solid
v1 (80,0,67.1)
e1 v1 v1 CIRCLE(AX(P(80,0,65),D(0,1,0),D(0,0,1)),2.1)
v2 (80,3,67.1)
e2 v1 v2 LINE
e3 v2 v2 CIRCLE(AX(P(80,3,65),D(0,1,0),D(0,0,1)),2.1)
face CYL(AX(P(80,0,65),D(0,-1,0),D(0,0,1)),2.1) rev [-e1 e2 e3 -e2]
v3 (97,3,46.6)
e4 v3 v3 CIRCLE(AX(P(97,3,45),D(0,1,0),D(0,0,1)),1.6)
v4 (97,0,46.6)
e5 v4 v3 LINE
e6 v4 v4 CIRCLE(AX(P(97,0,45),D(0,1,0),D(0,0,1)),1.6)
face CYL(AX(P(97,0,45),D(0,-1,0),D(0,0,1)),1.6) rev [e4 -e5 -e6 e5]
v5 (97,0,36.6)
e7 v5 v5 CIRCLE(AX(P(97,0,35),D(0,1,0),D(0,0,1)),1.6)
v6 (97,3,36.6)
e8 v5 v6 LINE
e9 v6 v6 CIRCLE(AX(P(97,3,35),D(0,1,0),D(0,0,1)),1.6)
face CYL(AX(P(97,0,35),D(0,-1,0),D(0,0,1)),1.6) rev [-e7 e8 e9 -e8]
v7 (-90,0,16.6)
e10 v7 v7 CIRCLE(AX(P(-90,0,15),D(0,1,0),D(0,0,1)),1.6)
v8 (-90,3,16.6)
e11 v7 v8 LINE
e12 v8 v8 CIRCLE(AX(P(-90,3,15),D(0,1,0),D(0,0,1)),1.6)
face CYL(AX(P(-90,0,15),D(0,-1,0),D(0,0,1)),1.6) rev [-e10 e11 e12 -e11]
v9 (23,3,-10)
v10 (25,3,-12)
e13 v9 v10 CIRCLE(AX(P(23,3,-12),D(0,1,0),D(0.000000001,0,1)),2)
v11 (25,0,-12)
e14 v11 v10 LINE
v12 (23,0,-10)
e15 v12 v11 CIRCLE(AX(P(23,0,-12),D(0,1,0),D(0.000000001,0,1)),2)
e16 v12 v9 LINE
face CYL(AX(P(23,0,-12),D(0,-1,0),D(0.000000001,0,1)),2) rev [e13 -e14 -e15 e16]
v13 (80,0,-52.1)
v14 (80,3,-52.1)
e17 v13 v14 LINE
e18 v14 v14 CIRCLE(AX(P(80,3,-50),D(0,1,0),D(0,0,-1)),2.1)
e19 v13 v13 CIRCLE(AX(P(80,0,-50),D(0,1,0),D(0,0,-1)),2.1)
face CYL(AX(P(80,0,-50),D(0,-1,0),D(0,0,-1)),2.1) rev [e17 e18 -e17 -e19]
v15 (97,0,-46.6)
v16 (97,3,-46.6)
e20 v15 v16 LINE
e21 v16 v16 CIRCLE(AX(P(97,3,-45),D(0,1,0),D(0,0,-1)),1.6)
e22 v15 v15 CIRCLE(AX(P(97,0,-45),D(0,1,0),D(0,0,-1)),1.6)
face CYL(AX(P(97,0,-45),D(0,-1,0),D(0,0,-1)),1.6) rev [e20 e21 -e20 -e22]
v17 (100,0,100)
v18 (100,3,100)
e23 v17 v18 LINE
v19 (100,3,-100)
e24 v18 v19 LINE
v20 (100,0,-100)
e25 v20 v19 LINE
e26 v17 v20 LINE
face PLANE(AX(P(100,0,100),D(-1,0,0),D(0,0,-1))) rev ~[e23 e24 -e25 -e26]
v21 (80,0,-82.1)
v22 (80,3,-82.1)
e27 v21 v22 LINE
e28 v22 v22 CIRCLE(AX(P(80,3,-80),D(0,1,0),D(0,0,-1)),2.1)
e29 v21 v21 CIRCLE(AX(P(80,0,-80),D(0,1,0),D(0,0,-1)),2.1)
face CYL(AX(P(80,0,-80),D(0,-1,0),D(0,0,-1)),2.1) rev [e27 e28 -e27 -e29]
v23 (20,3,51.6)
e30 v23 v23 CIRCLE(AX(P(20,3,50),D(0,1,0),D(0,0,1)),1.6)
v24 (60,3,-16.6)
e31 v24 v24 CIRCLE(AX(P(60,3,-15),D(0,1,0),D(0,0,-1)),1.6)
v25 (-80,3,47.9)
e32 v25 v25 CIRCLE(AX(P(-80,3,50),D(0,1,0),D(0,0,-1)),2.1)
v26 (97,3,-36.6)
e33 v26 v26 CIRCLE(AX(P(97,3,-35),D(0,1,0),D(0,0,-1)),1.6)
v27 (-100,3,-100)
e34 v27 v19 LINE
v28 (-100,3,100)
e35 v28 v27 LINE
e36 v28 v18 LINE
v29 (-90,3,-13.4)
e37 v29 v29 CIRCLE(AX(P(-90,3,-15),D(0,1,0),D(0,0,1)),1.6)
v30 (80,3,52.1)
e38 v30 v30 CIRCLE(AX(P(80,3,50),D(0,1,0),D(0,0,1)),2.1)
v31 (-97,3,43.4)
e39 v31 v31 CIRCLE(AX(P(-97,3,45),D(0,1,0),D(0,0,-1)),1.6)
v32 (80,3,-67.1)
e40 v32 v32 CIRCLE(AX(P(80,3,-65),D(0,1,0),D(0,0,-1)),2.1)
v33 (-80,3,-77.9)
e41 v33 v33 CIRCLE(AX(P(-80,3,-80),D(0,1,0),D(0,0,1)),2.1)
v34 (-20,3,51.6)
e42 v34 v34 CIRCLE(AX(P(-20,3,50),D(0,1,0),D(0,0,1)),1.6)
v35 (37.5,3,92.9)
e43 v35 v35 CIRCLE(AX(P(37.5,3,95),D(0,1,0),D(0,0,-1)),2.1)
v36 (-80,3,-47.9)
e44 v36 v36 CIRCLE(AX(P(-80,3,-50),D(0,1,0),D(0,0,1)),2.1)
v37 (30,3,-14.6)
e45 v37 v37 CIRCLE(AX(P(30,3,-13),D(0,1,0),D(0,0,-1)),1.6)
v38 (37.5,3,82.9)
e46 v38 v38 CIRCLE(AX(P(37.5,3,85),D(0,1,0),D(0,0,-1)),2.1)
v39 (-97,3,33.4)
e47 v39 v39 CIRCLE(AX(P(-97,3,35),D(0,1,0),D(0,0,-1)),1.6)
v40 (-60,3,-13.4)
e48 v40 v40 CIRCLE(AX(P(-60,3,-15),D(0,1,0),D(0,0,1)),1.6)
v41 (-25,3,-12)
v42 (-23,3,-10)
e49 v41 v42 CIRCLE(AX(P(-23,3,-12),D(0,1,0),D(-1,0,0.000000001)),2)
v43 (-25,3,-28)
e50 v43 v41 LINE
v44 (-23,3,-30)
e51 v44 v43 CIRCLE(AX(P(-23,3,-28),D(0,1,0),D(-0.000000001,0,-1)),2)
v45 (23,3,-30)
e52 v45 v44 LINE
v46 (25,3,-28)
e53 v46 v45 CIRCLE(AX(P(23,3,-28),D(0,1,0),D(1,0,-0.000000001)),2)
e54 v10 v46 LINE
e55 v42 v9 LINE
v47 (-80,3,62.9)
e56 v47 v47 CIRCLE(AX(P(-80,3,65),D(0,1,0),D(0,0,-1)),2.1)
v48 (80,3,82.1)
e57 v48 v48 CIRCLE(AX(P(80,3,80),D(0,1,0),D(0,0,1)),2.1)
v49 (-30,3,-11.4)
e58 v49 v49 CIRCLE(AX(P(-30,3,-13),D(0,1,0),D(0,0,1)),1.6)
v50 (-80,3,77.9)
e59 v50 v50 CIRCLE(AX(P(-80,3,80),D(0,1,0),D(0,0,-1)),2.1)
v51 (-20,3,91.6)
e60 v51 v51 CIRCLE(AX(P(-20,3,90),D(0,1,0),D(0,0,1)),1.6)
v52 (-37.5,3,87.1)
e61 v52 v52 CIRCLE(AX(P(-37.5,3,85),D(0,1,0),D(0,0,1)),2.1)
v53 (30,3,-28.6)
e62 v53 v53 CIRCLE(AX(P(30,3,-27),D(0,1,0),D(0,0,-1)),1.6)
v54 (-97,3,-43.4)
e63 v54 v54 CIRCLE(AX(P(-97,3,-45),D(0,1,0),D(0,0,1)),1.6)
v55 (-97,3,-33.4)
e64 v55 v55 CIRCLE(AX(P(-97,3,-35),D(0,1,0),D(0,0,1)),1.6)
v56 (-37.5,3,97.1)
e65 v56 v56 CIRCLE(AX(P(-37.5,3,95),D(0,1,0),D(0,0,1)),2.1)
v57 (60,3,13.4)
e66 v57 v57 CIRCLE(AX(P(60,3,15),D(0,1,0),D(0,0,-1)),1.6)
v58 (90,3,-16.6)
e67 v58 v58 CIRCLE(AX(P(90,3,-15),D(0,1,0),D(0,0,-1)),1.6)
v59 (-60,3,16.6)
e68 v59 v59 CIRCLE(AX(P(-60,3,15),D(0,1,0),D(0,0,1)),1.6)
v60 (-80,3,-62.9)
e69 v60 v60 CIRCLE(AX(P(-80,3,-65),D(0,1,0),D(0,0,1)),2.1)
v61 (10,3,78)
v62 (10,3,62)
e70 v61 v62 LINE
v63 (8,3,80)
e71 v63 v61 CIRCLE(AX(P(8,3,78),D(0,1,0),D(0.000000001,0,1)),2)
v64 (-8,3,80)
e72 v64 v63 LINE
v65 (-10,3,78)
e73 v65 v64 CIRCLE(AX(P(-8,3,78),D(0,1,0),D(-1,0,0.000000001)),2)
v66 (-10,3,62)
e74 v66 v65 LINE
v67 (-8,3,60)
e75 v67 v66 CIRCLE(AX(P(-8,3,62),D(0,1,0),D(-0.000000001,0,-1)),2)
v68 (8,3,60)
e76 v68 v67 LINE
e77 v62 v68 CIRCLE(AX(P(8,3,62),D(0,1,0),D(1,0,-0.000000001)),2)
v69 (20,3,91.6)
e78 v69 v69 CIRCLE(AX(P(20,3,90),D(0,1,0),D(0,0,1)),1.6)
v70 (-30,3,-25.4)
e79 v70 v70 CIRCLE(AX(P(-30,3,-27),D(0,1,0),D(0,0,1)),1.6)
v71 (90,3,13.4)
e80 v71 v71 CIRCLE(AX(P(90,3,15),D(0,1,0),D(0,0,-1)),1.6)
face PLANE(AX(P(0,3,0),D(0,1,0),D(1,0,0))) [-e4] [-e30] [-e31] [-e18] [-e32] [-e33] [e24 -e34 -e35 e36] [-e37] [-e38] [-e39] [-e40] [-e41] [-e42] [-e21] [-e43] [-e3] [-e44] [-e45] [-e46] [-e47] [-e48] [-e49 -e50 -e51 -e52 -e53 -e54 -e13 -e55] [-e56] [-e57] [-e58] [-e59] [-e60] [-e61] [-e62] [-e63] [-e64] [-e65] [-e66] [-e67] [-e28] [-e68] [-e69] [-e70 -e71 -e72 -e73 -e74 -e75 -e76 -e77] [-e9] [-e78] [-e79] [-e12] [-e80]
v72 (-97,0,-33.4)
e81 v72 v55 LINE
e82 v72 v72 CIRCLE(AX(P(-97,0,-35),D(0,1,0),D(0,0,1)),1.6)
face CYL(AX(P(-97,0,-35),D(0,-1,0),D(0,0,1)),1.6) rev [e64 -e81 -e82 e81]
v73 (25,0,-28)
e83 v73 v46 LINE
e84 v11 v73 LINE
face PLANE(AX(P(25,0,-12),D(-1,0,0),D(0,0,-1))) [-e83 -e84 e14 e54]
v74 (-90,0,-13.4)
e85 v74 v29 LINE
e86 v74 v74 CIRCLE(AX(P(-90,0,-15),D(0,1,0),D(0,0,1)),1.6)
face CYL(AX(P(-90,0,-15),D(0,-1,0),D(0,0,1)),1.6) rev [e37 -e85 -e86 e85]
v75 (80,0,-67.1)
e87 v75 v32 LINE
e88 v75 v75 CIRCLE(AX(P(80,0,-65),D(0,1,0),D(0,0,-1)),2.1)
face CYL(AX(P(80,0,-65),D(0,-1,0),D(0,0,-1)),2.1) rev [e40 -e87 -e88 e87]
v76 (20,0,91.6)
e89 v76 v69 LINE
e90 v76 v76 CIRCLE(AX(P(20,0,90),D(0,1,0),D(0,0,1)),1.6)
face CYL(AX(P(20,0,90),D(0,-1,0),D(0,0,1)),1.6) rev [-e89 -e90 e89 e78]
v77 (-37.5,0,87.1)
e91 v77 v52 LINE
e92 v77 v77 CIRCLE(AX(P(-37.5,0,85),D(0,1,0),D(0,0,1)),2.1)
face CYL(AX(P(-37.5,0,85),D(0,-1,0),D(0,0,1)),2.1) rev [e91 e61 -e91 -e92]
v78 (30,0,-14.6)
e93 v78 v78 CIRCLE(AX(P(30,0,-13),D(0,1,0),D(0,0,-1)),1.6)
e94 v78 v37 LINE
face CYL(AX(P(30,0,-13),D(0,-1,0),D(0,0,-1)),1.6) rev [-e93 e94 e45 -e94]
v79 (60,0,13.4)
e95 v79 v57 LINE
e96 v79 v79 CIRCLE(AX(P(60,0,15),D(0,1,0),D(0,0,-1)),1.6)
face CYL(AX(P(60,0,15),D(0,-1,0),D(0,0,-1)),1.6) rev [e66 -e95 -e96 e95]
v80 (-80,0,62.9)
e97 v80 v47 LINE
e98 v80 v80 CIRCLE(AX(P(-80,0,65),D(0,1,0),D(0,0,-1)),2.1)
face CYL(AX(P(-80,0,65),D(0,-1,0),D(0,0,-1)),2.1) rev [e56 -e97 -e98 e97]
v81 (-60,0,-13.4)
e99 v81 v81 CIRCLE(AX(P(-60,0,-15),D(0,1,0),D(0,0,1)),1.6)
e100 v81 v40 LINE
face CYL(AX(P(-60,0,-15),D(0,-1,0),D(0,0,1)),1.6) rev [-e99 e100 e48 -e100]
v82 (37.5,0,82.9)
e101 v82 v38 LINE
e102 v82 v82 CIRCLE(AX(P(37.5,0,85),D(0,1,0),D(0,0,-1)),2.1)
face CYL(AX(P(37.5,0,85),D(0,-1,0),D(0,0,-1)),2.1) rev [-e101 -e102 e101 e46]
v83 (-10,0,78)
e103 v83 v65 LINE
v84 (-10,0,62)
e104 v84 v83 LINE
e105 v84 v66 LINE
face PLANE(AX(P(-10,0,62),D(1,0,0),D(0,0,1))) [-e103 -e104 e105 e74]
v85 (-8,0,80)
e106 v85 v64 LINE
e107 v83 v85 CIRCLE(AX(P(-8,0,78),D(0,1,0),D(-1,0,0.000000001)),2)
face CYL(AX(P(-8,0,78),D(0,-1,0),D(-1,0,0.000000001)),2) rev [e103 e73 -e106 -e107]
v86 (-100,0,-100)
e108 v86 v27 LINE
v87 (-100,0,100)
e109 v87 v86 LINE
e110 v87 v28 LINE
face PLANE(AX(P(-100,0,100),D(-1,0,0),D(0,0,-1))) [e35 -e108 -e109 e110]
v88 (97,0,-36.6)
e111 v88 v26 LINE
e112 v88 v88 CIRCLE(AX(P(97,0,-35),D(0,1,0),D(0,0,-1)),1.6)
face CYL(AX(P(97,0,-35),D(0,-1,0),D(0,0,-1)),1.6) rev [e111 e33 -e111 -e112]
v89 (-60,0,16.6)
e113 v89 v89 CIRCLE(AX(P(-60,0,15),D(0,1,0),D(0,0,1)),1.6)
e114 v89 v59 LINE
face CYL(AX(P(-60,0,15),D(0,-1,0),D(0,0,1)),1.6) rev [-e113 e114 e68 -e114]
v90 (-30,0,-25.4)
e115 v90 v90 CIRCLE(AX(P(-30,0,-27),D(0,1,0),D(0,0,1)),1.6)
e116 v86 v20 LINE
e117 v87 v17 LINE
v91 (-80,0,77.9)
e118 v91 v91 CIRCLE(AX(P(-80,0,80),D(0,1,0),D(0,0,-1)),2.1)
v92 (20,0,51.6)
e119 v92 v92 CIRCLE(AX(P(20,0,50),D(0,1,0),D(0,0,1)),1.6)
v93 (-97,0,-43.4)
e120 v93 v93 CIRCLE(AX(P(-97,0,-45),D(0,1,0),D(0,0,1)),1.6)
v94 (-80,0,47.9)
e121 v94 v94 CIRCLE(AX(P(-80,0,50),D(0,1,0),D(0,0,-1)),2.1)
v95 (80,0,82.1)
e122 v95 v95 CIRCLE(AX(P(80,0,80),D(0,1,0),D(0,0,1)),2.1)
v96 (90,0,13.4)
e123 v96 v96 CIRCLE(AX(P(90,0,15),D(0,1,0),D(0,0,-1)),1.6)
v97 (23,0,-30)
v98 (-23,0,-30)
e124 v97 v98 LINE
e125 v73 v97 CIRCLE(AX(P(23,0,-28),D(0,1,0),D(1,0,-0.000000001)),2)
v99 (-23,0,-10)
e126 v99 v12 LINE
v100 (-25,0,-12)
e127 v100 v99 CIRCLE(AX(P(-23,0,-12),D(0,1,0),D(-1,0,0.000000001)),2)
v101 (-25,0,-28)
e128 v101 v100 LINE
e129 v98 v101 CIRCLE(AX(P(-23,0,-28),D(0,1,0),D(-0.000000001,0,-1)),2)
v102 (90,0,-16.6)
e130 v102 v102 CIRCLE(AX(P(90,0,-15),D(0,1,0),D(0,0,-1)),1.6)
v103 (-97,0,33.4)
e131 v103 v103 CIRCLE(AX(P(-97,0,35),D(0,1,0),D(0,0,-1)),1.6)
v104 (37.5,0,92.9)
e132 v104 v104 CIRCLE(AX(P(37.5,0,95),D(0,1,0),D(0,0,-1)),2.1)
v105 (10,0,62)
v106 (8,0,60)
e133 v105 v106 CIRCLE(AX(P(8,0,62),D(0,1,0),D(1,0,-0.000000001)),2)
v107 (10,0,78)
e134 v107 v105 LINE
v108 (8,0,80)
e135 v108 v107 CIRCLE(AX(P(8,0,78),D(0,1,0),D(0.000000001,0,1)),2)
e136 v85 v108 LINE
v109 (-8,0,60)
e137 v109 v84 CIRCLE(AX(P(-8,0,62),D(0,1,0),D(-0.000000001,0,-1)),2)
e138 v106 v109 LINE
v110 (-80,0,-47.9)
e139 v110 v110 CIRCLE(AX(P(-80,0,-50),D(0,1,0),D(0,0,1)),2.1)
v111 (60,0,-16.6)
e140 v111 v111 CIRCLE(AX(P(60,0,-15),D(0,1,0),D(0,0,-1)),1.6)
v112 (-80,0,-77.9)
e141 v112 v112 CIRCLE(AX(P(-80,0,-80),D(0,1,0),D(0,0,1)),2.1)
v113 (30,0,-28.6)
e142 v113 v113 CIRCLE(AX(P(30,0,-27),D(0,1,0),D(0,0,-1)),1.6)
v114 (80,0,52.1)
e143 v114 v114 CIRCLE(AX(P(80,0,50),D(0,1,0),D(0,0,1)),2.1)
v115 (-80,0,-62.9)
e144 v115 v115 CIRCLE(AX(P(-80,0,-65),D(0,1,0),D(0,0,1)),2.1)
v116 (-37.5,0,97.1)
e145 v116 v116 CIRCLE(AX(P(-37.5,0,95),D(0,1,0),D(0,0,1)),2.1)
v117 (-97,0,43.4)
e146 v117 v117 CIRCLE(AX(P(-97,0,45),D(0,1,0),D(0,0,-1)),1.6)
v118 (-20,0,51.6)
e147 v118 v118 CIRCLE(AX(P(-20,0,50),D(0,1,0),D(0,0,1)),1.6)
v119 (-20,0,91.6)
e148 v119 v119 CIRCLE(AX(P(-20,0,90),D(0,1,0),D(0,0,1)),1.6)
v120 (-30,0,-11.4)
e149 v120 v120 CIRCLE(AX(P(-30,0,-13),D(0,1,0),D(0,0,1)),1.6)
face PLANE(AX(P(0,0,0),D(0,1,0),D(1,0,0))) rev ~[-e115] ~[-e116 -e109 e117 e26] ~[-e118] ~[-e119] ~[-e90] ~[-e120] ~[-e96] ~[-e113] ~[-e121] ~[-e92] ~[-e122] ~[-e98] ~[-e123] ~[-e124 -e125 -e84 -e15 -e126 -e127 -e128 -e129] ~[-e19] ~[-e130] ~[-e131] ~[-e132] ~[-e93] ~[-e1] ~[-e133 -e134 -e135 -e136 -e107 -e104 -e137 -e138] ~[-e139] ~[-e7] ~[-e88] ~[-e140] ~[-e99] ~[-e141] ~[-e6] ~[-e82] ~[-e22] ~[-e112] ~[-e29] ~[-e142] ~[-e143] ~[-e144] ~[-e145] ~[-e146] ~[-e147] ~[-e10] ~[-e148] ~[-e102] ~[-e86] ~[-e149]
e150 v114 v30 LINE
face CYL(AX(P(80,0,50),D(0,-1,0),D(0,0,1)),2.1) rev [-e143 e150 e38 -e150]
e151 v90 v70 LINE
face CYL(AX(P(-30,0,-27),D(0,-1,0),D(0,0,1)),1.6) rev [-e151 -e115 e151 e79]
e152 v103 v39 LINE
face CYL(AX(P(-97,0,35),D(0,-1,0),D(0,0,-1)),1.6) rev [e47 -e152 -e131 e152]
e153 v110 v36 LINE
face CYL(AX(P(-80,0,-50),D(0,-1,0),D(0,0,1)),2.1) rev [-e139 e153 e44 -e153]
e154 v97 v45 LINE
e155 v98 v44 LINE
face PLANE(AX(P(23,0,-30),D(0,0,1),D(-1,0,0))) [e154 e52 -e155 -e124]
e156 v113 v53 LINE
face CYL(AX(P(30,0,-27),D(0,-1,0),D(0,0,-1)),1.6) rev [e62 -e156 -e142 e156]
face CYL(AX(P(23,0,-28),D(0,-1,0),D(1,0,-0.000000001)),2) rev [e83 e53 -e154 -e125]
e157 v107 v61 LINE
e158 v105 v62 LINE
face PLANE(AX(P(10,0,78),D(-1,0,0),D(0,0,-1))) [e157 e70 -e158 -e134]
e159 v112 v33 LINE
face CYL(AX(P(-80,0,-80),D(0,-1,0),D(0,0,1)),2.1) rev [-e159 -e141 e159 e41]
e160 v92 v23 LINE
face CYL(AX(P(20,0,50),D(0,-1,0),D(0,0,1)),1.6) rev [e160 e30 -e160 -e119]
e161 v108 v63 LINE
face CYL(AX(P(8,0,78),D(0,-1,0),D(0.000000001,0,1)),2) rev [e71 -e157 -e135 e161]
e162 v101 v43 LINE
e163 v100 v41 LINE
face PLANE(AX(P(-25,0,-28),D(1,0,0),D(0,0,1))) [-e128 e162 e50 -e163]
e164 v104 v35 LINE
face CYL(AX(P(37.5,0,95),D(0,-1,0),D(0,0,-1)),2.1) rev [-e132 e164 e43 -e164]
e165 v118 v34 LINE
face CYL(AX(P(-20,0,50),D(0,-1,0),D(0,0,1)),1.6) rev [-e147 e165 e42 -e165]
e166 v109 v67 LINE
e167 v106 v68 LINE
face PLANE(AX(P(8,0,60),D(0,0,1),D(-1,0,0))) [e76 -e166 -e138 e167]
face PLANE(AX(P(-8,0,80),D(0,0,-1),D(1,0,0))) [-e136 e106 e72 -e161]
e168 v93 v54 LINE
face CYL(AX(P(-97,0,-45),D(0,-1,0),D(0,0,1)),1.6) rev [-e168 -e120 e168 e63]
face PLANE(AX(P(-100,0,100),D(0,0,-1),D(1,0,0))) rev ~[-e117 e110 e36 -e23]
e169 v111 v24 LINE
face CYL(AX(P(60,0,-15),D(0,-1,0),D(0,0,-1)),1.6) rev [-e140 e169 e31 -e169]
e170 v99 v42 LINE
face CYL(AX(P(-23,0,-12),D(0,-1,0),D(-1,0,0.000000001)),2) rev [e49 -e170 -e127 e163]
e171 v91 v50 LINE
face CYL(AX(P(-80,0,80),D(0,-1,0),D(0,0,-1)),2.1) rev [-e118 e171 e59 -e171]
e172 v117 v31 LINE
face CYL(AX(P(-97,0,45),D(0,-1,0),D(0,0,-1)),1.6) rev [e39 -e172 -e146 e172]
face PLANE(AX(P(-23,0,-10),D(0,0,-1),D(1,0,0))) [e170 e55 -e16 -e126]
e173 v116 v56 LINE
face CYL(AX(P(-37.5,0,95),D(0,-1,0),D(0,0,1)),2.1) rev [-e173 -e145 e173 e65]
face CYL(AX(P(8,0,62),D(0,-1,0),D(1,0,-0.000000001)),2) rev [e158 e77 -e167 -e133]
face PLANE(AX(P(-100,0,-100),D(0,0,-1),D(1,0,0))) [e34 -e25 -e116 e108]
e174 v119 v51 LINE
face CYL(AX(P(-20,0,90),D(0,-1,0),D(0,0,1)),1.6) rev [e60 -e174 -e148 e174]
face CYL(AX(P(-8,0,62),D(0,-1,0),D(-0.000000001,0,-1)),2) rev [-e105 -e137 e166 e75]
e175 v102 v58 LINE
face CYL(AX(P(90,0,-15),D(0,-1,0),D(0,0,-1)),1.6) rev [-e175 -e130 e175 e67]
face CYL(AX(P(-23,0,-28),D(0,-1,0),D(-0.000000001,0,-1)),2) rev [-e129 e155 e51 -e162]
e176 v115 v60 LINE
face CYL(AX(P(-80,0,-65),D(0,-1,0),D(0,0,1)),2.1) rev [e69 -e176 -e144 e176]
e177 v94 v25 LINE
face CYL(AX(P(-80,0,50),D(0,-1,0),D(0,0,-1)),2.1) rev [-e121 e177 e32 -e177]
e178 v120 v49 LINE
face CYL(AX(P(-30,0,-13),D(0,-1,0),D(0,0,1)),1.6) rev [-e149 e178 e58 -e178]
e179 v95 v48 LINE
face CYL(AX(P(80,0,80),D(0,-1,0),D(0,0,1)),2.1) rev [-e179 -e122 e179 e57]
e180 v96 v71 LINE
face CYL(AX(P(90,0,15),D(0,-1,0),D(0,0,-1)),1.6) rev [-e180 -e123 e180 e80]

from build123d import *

# Parameters (mm, degrees)
SKETCH_1_W      = 200
SKETCH_1_H      = 200
SKETCH_1_R      = 1.6
SKETCH_1_R_2    = 2.1
EXTRUDE_1_DEPTH = 3


with BuildPart() as part:
    # 草图1 → 凸台-拉伸1 (new body)
    with BuildSketch(Plane(origin=(0, 0, 0), x_dir=(1, 0, 0), z_dir=(0, 1, 0))):
        Rectangle(SKETCH_1_W, SKETCH_1_H)
        with Locations(Location((-97, 35, 0), (0, 0, 270))):
            Circle(SKETCH_1_R, mode=Mode.SUBTRACT)
        with Locations(Location((-97, 45, 0), (0, 0, 270))):
            Circle(SKETCH_1_R, mode=Mode.SUBTRACT)
        with Locations(Location((-97, -45, 0), (0, 0, 90))):
            Circle(SKETCH_1_R, mode=Mode.SUBTRACT)
        with Locations(Location((-97, -35, 0), (0, 0, 90))):
            Circle(SKETCH_1_R, mode=Mode.SUBTRACT)
        with Locations(Location((97, -45, 0), (0, 0, 270))):
            Circle(SKETCH_1_R, mode=Mode.SUBTRACT)
        with Locations(Location((97, -35, 0), (0, 0, 270))):
            Circle(SKETCH_1_R, mode=Mode.SUBTRACT)
        with Locations(Location((97, 35, 0), (0, 0, 90))):
            Circle(SKETCH_1_R, mode=Mode.SUBTRACT)
        with Locations(Location((97, 45, 0), (0, 0, 90))):
            Circle(SKETCH_1_R, mode=Mode.SUBTRACT)
        with Locations(Location((-37.5, -95, 0), (0, 0, 270))):
            Circle(SKETCH_1_R_2, mode=Mode.SUBTRACT)
        with Locations(Location((-37.5, -85, 0), (0, 0, 270))):
            Circle(SKETCH_1_R_2, mode=Mode.SUBTRACT)
        with Locations(Location((37.5, -85, 0), (0, 0, 90))):
            Circle(SKETCH_1_R_2, mode=Mode.SUBTRACT)
        with Locations(Location((37.5, -95, 0), (0, 0, 90))):
            Circle(SKETCH_1_R_2, mode=Mode.SUBTRACT)
        with Locations(Location((-20, -50, 0), (0, 0, 270))):
            Circle(SKETCH_1_R, mode=Mode.SUBTRACT)
        with Locations(Location((20, -50, 0), (0, 0, 270))):
            Circle(SKETCH_1_R, mode=Mode.SUBTRACT)
        with Locations(Location((20, -90, 0), (0, 0, 270))):
            Circle(SKETCH_1_R, mode=Mode.SUBTRACT)
        with Locations(Location((-20, -90, 0), (0, 0, 270))):
            Circle(SKETCH_1_R, mode=Mode.SUBTRACT)
        with Locations(Location((-30, 27, 0), (0, 0, 270))):
            Circle(SKETCH_1_R, mode=Mode.SUBTRACT)
        with Locations(Location((-30, 13, 0), (0, 0, 270))):
            Circle(SKETCH_1_R, mode=Mode.SUBTRACT)
        with Locations(Location((30, 13, 0), (0, 0, 90))):
            Circle(SKETCH_1_R, mode=Mode.SUBTRACT)
        with Locations(Location((30, 27, 0), (0, 0, 90))):
            Circle(SKETCH_1_R, mode=Mode.SUBTRACT)
        with Locations(Location((-80, 50, 0), (0, 0, 270))):
            Circle(SKETCH_1_R_2, mode=Mode.SUBTRACT)
        with Locations(Location((-80, 65, 0), (0, 0, 270))):
            Circle(SKETCH_1_R_2, mode=Mode.SUBTRACT)
        with Locations(Location((-80, 80, 0), (0, 0, 270))):
            Circle(SKETCH_1_R_2, mode=Mode.SUBTRACT)
        with Locations(Location((80, 80, 0), (0, 0, 90))):
            Circle(SKETCH_1_R_2, mode=Mode.SUBTRACT)
        with Locations(Location((80, 65, 0), (0, 0, 90))):
            Circle(SKETCH_1_R_2, mode=Mode.SUBTRACT)
        with Locations(Location((80, 50, 0), (0, 0, 90))):
            Circle(SKETCH_1_R_2, mode=Mode.SUBTRACT)
        with Locations(Location((80, -80, 0), (0, 0, 270))):
            Circle(SKETCH_1_R_2, mode=Mode.SUBTRACT)
        with Locations(Location((80, -65, 0), (0, 0, 270))):
            Circle(SKETCH_1_R_2, mode=Mode.SUBTRACT)
        with Locations(Location((80, -50, 0), (0, 0, 270))):
            Circle(SKETCH_1_R_2, mode=Mode.SUBTRACT)
        with Locations(Location((-80, -80, 0), (0, 0, 90))):
            Circle(SKETCH_1_R_2, mode=Mode.SUBTRACT)
        with Locations(Location((-80, -65, 0), (0, 0, 90))):
            Circle(SKETCH_1_R_2, mode=Mode.SUBTRACT)
        with Locations(Location((-80, -50, 0), (0, 0, 90))):
            Circle(SKETCH_1_R_2, mode=Mode.SUBTRACT)
        with Locations(Location((-90, 15, 0), (0, 0, 270))):
            Circle(SKETCH_1_R, mode=Mode.SUBTRACT)
        with Locations(Location((-60, 15, 0), (0, 0, 270))):
            Circle(SKETCH_1_R, mode=Mode.SUBTRACT)
        with Locations(Location((-60, -15, 0), (0, 0, 270))):
            Circle(SKETCH_1_R, mode=Mode.SUBTRACT)
        with Locations(Location((-90, -15, 0), (0, 0, 270))):
            Circle(SKETCH_1_R, mode=Mode.SUBTRACT)
        with Locations(Location((90, -15, 0), (0, 0, 90))):
            Circle(SKETCH_1_R, mode=Mode.SUBTRACT)
        with Locations(Location((60, -15, 0), (0, 0, 90))):
            Circle(SKETCH_1_R, mode=Mode.SUBTRACT)
        with Locations(Location((60, 15, 0), (0, 0, 90))):
            Circle(SKETCH_1_R, mode=Mode.SUBTRACT)
        with Locations(Location((90, 15, 0), (0, 0, 90))):
            Circle(SKETCH_1_R, mode=Mode.SUBTRACT)
        with BuildLine():
            Line((-23, 10), (23, 10))
            ThreePointArc((23, 10), (24.414213562, 10.585786438), (25, 12))
            Line((25, 12), (25, 28))
            ThreePointArc((25, 28), (24.414213562, 29.414213562), (23, 30))
            Line((23, 30), (-23, 30))
            ThreePointArc((-23, 30), (-24.414213562, 29.414213562), (-25, 28))
            Line((-25, 28), (-25, 12))
            ThreePointArc((-25, 12), (-24.414213562, 10.585786438), (-23, 10))
        make_face(mode=Mode.SUBTRACT)
        with BuildLine():
            Line((-8, -80), (8, -80))
            ThreePointArc((8, -80), (9.414213562, -79.414213562), (10, -78))
            Line((10, -78), (10, -62))
            ThreePointArc((10, -62), (9.414213562, -60.585786438), (8, -60))
            Line((8, -60), (-8, -60))
            ThreePointArc((-8, -60), (-9.414213562, -60.585786438), (-10, -62))
            Line((-10, -62), (-10, -78))
            ThreePointArc((-10, -78), (-9.414213562, -79.414213562), (-8, -80))
        make_face(mode=Mode.SUBTRACT)
    extrude(amount=EXTRUDE_1_DEPTH)


solid = part.part
